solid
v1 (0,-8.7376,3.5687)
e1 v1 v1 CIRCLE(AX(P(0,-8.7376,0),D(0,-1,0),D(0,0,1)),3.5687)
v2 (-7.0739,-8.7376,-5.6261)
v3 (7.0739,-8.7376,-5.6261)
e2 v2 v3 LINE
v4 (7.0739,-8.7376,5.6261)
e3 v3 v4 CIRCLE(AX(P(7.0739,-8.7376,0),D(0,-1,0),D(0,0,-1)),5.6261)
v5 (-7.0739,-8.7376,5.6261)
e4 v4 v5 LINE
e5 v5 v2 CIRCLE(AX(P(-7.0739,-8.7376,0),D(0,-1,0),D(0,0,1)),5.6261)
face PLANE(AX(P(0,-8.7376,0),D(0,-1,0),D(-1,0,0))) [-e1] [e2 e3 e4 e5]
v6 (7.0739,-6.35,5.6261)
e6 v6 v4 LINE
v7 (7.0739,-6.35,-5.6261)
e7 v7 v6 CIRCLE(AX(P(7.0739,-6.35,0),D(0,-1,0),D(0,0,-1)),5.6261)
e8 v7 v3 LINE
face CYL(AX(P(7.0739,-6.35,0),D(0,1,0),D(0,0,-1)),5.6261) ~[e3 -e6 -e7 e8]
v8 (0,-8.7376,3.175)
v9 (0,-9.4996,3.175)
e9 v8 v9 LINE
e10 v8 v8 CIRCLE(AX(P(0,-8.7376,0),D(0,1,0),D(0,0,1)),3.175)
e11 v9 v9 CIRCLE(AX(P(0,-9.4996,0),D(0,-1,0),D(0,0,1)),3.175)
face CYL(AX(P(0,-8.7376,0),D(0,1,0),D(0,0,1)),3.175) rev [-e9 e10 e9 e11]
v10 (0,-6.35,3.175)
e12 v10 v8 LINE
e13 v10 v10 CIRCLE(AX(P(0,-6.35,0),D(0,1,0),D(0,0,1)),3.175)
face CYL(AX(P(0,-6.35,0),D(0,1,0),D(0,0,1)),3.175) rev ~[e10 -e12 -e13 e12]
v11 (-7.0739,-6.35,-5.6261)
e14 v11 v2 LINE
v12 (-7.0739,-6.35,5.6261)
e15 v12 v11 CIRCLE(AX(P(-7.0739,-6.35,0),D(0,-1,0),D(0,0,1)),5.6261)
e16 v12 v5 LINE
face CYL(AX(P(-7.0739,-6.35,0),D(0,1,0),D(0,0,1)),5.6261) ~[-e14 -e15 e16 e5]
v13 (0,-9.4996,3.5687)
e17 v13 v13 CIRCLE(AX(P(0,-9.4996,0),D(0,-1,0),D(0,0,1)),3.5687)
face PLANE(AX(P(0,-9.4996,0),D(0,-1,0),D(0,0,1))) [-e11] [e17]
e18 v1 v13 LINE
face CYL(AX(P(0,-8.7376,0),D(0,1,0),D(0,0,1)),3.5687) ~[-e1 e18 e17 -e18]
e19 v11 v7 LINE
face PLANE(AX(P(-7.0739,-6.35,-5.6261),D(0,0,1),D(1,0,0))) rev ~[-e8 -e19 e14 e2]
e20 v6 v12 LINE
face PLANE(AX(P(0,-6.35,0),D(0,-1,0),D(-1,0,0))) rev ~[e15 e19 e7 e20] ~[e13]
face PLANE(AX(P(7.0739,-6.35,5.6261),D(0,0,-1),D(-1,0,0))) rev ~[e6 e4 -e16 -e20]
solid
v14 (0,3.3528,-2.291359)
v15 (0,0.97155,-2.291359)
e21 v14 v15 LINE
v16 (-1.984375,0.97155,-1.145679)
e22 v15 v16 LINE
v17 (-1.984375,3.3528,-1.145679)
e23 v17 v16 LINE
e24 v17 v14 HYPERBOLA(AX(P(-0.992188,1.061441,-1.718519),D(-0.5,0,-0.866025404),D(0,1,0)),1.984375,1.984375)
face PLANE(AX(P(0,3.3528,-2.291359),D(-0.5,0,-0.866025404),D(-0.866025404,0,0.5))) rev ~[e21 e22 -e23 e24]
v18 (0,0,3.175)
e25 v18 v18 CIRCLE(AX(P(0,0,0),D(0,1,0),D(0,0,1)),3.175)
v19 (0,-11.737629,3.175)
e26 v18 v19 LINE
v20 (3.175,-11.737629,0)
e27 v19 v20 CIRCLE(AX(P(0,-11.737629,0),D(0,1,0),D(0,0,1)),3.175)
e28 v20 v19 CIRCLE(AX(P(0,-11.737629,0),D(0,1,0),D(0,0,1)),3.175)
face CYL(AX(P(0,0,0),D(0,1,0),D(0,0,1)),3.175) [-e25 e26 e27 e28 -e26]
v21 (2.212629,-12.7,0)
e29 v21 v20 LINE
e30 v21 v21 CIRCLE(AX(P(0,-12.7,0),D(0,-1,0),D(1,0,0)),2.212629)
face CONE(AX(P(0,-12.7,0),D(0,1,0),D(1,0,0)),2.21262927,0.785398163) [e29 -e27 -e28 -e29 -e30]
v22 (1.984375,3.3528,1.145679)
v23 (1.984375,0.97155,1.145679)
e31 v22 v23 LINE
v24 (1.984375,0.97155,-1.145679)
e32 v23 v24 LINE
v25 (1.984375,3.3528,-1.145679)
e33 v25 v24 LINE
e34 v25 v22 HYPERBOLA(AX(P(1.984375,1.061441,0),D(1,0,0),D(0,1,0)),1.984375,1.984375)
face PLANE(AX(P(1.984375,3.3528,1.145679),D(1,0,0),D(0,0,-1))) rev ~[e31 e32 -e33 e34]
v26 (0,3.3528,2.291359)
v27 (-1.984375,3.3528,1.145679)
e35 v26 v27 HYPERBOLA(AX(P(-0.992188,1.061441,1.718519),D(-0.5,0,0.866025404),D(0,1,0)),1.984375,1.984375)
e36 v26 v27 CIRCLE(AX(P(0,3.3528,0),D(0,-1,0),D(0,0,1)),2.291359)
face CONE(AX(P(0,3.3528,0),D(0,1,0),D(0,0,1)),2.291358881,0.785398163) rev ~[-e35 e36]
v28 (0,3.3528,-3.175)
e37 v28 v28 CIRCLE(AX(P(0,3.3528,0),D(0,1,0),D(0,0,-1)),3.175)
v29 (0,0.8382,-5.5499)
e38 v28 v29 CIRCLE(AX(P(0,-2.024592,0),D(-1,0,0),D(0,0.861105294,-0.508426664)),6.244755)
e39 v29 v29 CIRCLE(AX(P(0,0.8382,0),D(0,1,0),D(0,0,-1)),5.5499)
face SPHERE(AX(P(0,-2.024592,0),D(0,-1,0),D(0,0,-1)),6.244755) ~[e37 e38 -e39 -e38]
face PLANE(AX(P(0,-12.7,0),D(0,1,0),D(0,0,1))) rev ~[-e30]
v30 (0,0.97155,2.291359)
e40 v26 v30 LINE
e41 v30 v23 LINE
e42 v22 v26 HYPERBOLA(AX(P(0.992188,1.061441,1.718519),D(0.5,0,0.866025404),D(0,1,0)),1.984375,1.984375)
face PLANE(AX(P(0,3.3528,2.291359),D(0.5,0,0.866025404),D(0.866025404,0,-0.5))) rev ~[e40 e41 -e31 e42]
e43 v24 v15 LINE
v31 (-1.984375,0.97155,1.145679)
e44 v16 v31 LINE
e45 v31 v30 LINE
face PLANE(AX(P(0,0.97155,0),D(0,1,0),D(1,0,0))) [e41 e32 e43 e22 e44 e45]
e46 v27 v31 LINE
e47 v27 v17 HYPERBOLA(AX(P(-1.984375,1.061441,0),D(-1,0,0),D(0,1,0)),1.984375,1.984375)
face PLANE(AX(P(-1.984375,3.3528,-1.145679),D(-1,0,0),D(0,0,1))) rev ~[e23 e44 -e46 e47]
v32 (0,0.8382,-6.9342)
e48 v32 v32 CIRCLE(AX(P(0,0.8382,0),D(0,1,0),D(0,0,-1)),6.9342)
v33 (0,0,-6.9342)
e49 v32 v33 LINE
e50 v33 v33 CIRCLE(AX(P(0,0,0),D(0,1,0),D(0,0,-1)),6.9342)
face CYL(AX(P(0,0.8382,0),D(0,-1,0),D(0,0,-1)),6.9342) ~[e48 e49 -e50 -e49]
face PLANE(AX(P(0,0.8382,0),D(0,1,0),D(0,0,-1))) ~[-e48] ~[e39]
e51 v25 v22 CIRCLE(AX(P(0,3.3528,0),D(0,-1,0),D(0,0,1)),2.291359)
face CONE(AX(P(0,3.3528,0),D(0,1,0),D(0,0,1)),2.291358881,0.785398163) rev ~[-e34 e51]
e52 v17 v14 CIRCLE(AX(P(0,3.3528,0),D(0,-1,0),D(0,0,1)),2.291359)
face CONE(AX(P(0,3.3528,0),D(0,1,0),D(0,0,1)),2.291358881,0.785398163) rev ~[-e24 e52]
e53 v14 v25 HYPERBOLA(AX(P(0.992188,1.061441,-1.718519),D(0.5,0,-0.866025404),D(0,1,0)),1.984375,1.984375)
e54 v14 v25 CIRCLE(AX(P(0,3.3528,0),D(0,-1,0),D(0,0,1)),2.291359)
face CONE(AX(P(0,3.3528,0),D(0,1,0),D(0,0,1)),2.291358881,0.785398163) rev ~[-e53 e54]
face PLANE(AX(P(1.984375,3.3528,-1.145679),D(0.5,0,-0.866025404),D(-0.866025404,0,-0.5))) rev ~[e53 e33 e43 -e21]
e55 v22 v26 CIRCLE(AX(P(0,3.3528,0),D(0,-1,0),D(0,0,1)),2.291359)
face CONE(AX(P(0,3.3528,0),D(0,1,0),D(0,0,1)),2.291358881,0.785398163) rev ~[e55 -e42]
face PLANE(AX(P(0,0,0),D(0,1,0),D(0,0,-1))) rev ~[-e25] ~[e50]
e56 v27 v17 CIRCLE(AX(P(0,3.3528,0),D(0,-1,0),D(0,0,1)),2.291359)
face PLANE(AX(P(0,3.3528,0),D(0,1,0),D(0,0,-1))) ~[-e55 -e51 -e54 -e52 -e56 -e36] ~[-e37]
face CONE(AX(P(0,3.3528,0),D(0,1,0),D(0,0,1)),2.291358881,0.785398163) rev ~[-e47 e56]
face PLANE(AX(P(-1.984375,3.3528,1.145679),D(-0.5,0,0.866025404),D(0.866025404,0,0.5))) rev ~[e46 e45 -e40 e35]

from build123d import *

# Parameters (mm, degrees)
SKETCH1_R           = 3.175
BOSS_EXTRUDE1_DEPTH = 12.7
SKETCH4_OUTSIDE_W   = 14
SKETCH4_OUTSIDE_H   = 14
SKETCH4_OUTSIDE_R   = 2.21262927
CUT_EXTRUDE1_DEPTH  = 1.27
CUT_EXTRUDE1_DRAFT  = -45
CUT_EXTRUDE2_DEPTH  = 2.38125
BOSS_EXTRUDE2_START = -6.35
SKETCH8_R           = 3.175
BOSS_EXTRUDE2_DEPTH = 2.3876
SKETCH9_R           = 3.5687
SKETCH9_R_2         = 3.175
BOSS_EXTRUDE3_DEPTH = 0.762


with BuildPart() as part:
    # Sketch1 → Boss-Extrude1 (new body)
    with BuildSketch(Plane(origin=(0, 0, 0), x_dir=(1, 0, 0), z_dir=(0, 1, 0))):
        Circle(SKETCH1_R)
    extrude(amount=-BOSS_EXTRUDE1_DEPTH)


with BuildPart() as cut_extrude1_tool:
    # Sketch4 outside → Cut-Extrude1 (with draft: the straight prism first)
    with BuildSketch(Plane.XZ.offset(12.7)):
        Rectangle(SKETCH4_OUTSIDE_W, SKETCH4_OUTSIDE_H)
        Circle(SKETCH4_OUTSIDE_R, mode=Mode.SUBTRACT)
    extrude(amount=-CUT_EXTRUDE1_DEPTH)
    # Cut-Extrude1: the draft: its side faces are tilted about the plane it starts from
    cut_extrude1_sides = [cut_extrude1_tool.faces().sort_by_distance(p)[0] for p in [
        (0, -12.065, -7),
        (7, -12.065, 0),
        (0, -12.065, 7),
        (-7, -12.065, 0),
        (-2.21262927, -12.065, 0),
    ]]
    draft(cut_extrude1_sides, Plane.XZ.offset(12.7), CUT_EXTRUDE1_DRAFT)


with BuildPart() as part_1:
    add(part.part)

    # Cut-Extrude1: cut by cut_extrude1_tool
    add(cut_extrude1_tool.part, mode=Mode.SUBTRACT)

    # Sketch5 → Revolve1 (revolve)
    with BuildSketch(Plane.XY):
        with BuildLine():
            Line((0, 0), (0, 3.3528))
            Line((0, 3.3528), (-3.175, 3.3528))
            ThreePointArc((-3.175, 3.3528), (-4.540019085, 2.263204136), (-5.5499, 0.8382))
            Line((-5.5499, 0.8382), (-6.9342, 0.8382))
            Line((-6.9342, 0.8382), (-6.9342, 0))
            Line((-6.9342, 0), (0, 0))
        make_face()
    revolve(axis=Axis((0, 0, 0), (0, 1, 0)))

    # Sketch6 → Cut-Extrude2 (cut)
    with BuildSketch(Plane(origin=(0, 3.3528, 0), x_dir=(1, 0, 0), z_dir=(0, 1, 0))):
        Polygon((0, 2.291358881), (-1.984375, 1.14567944), (-1.984375, -1.14567944), (0, -2.291358881), (1.984375, -1.14567944), (1.984375, 1.14567944), align=None)
    extrude(amount=-CUT_EXTRUDE2_DEPTH, mode=Mode.SUBTRACT)

    # Cut-Extrude3 cone 1 section (through the dimple's axis) → Cut-Extrude3 (revolve, cut)
    with BuildSketch(Plane(origin=(0, 3.3528, 0), x_dir=(0, 0, 1), z_dir=(1, 0, 0))):
        Polygon((0, 0), (2.291358881, 0), (0, 2.291358881), align=None)
    revolve(axis=Axis((0, 3.3528, 0), (0, -1, 0)), mode=Mode.SUBTRACT)


with BuildPart() as body_2:
    # Sketch8 → Boss-Extrude2 (new body)
    with BuildSketch(Plane(origin=(0, 0, 0), x_dir=(1, 0, 0), z_dir=(0, 1, 0)).offset(BOSS_EXTRUDE2_START)):
        with BuildLine():
            Line((-7.0739, 5.6261), (7.0739, 5.6261))
            ThreePointArc((7.0739, 5.6261), (12.7, 0), (7.0739, -5.6261))
            Line((7.0739, -5.6261), (-7.0739, -5.6261))
            ThreePointArc((-7.0739, -5.6261), (-12.7, 0), (-7.0739, 5.6261))
        make_face()
        Circle(SKETCH8_R, mode=Mode.SUBTRACT)
    extrude(amount=-BOSS_EXTRUDE2_DEPTH)

    # Sketch9 → Boss-Extrude3 (add)
    with BuildSketch(Plane.XZ.offset(8.7376)):
        Circle(SKETCH9_R)
        Circle(SKETCH9_R_2, mode=Mode.SUBTRACT)
    extrude(amount=BOSS_EXTRUDE3_DEPTH)


solid = Compound([part_1.part, body_2.part])
